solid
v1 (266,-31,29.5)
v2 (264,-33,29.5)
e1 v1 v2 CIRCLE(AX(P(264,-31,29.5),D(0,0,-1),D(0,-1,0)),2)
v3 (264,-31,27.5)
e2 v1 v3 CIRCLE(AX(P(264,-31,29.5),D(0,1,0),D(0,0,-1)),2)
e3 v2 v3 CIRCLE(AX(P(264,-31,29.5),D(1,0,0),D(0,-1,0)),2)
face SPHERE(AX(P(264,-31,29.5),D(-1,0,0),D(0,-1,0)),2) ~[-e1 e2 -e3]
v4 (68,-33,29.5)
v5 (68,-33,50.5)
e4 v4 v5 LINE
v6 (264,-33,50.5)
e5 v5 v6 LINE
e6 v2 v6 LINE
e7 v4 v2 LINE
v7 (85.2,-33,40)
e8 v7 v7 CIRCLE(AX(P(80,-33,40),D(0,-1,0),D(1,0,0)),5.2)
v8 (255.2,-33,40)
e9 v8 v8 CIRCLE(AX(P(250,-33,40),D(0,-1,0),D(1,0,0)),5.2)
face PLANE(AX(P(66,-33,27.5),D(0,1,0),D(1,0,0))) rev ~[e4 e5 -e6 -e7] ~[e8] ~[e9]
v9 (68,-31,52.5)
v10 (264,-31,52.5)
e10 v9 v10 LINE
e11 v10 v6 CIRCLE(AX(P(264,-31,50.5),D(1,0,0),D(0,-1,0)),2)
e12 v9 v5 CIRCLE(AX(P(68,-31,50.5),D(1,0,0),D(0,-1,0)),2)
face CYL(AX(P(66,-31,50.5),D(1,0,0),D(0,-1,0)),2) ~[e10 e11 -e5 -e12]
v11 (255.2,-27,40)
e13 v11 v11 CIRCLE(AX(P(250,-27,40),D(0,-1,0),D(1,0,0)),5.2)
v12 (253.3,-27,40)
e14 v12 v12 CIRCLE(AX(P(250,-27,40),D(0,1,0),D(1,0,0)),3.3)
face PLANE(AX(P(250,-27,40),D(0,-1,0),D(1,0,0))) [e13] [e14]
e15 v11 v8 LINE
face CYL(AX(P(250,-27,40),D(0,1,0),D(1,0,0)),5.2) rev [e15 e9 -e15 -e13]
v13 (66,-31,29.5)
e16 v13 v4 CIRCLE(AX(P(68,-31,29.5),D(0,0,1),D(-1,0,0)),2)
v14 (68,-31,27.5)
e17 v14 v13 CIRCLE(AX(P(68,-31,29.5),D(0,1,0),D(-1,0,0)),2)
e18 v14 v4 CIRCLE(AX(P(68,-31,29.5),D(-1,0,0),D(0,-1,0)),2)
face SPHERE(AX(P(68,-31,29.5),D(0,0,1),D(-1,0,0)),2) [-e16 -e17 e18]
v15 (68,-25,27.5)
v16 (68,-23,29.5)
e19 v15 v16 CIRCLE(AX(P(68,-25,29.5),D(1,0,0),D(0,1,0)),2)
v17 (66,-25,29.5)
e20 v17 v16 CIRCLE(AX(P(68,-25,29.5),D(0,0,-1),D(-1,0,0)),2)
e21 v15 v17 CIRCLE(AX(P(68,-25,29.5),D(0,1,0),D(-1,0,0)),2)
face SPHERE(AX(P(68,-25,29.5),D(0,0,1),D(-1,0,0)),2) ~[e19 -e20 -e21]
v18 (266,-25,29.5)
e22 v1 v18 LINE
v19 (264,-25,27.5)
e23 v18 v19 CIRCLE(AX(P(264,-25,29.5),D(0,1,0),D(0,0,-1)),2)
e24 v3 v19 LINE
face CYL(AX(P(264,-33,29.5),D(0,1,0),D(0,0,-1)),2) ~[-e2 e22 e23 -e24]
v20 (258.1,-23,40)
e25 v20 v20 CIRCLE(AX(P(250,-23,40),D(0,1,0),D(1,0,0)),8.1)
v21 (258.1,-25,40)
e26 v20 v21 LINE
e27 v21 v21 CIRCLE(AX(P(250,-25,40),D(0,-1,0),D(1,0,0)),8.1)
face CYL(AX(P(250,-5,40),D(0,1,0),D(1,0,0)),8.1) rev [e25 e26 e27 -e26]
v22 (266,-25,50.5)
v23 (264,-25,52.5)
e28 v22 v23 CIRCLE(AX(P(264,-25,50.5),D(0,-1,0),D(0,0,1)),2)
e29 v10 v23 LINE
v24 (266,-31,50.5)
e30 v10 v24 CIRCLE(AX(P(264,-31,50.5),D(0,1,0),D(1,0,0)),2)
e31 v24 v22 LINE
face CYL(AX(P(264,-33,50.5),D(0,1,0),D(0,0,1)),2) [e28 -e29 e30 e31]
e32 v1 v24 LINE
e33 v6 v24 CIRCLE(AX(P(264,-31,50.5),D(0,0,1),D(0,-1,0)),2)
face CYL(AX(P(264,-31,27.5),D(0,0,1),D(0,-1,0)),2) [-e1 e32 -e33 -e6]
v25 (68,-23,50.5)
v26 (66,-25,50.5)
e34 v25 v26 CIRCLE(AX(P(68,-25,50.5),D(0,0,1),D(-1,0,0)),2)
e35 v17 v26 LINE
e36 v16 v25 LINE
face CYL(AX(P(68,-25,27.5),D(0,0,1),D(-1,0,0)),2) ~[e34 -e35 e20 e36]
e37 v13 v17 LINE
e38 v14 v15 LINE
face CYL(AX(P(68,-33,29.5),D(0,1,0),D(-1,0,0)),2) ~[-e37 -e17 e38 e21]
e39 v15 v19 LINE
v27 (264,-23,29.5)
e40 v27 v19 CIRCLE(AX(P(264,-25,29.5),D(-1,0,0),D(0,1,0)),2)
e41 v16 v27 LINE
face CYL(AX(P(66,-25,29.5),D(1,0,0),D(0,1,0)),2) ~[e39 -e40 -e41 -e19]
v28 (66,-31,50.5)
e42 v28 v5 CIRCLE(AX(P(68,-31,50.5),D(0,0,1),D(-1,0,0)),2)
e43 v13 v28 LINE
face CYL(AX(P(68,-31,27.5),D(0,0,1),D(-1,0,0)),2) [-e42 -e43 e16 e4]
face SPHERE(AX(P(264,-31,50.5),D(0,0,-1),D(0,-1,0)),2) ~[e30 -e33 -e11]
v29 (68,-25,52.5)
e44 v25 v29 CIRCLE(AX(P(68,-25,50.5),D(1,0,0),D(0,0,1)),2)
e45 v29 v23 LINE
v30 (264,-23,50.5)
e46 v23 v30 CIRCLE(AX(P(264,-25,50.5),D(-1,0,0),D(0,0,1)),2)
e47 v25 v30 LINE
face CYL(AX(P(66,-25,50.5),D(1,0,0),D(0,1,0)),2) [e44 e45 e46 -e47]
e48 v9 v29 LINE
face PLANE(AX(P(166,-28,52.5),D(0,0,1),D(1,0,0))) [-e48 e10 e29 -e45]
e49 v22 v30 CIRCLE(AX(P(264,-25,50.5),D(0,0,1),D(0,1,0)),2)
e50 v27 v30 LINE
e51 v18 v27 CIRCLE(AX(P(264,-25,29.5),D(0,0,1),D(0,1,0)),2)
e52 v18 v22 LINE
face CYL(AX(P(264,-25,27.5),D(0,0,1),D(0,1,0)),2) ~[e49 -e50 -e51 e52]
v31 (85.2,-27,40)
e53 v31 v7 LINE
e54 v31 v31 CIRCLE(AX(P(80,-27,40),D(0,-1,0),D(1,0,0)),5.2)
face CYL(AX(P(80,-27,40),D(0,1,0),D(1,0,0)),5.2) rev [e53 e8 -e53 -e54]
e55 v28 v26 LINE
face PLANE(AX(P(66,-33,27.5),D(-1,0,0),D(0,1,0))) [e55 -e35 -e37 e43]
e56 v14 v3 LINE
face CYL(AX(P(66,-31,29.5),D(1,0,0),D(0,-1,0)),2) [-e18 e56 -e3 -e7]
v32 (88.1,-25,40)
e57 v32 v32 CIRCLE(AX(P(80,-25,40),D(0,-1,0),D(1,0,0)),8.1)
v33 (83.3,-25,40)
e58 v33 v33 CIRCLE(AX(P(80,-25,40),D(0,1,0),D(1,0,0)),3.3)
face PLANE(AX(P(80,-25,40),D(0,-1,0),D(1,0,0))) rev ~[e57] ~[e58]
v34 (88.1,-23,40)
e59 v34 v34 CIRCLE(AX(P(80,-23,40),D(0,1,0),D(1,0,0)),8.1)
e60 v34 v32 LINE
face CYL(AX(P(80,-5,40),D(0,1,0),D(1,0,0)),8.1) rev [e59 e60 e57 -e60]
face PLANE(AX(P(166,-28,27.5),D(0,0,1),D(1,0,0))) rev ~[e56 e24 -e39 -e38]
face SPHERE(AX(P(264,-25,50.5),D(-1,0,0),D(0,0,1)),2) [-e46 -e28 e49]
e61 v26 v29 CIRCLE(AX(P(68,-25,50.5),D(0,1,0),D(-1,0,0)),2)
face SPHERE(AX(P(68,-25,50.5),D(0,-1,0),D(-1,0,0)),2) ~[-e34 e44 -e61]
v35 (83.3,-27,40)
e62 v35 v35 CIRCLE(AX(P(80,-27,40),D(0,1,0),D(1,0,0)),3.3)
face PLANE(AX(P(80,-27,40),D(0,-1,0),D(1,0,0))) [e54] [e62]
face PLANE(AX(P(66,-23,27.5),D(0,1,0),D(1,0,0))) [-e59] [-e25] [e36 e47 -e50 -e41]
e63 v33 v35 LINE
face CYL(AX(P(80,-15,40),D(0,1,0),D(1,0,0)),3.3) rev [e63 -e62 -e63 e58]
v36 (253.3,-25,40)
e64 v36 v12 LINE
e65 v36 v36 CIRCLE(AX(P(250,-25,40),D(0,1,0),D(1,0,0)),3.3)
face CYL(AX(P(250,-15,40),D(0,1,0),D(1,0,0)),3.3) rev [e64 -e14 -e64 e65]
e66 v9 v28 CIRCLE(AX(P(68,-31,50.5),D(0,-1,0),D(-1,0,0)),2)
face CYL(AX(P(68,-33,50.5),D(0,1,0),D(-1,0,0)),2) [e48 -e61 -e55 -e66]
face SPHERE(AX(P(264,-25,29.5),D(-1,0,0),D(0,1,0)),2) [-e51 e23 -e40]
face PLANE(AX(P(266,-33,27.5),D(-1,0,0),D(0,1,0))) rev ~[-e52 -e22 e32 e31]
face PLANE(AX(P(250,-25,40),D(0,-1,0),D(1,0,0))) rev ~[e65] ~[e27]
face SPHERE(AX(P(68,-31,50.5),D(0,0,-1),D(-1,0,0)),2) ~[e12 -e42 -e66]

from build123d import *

# Parameters (mm, degrees)
CYLINDER051_R     = 5.2
CYLINDER051_DEPTH = 6
CYLINDER052_R     = 3.3
CYLINDER052_DEPTH = 20
CYLINDER053_R     = 3.3
CYLINDER053_DEPTH = 20
CYLINDER050_R     = 5.2
CYLINDER050_DEPTH = 6
CYLINDER049_R     = 8.1
CYLINDER049_DEPTH = 20
CYLINDER048_R     = 8.1
CYLINDER048_DEPTH = 20
BOX002_W          = 200
BOX002_H          = 10
BOX002_DEPTH      = 25
FILLET_R          = 2


with BuildPart() as zylinder051:
    # Cylinder051 → Cylinder051 (new body)
    with BuildSketch(Plane(origin=(250, -22, 40), x_dir=(1, 0, 0), z_dir=(0, -1, 0))):
        Circle(CYLINDER051_R)
    extrude(amount=CYLINDER051_DEPTH)


with BuildPart() as zylinder052:
    # Cylinder052 → Cylinder052 (new body)
    with BuildSketch(Plane(origin=(80, -10, 40), x_dir=(1, 0, 0), z_dir=(0, -1, 0))):
        Circle(CYLINDER052_R)
    extrude(amount=CYLINDER052_DEPTH)


with BuildPart() as zylinder053:
    # Cylinder053 → Cylinder053 (new body)
    with BuildSketch(Plane(origin=(250, -10, 40), x_dir=(1, 0, 0), z_dir=(0, -1, 0))):
        Circle(CYLINDER053_R)
    extrude(amount=CYLINDER053_DEPTH)


with BuildPart() as fusion009:
    # Cylinder050 → Cylinder050 (new body)
    with BuildSketch(Plane(origin=(80, -22, 40), x_dir=(1, 0, 0), z_dir=(0, -1, 0))):
        Circle(CYLINDER050_R)
    extrude(amount=CYLINDER050_DEPTH)

    # Fusion009: union Zylinder051, Zylinder052, Zylinder053
    add(zylinder051.part)
    add(zylinder052.part)
    add(zylinder053.part)


with BuildPart() as zylinder049:
    # Cylinder049 → Cylinder049 (new body)
    with BuildSketch(Plane(origin=(250, 0, 40), x_dir=(1, 0, 0), z_dir=(0, -1, 0))):
        Circle(CYLINDER049_R)
    extrude(amount=CYLINDER049_DEPTH)


with BuildPart() as zylinder048:
    # Cylinder048 → Cylinder048 (new body)
    with BuildSketch(Plane(origin=(80, 0, 40), x_dir=(1, 0, 0), z_dir=(0, -1, 0))):
        Circle(CYLINDER048_R)
    extrude(amount=CYLINDER048_DEPTH)


with BuildPart() as handlewithfillet:
    # Box002 → Box002 (new body)
    with BuildSketch(Plane(origin=(66, -28, 27.5), x_dir=(1, 0, 0), z_dir=(0, 0, 1))):
        with Locations((100, 5)):
            Rectangle(BOX002_W, BOX002_H)
    extrude(amount=BOX002_DEPTH)

    # Cut008: cut Zylinder048
    add(zylinder048.part, mode=Mode.SUBTRACT)

    # Cut009: cut Zylinder049
    add(zylinder049.part, mode=Mode.SUBTRACT)

    # Cut010: cut Fusion009
    add(fusion009.part, mode=Mode.SUBTRACT)

    # Fillet
    fillet_edges = [handlewithfillet.edges().sort_by_distance(p)[0] for p in [
        (66, -28, 40),
        (66, -23, 52.5),
        (66, -18, 40),
        (66, -23, 27.5),
        (166, -28, 27.5),
        (266, -28, 40),
        (166, -28, 52.5),
        (166, -18, 52.5),
        (266, -23, 52.5),
        (166, -18, 27.5),
        (266, -18, 40),
        (266, -23, 27.5),
    ]]
    fillet(fillet_edges, radius=FILLET_R)


with BuildPart() as handlewithfillet_1:
    # Fillet placement: moved
    add(handlewithfillet.part.moved(Location((0, -5, 0))))


solid = handlewithfillet_1.part
